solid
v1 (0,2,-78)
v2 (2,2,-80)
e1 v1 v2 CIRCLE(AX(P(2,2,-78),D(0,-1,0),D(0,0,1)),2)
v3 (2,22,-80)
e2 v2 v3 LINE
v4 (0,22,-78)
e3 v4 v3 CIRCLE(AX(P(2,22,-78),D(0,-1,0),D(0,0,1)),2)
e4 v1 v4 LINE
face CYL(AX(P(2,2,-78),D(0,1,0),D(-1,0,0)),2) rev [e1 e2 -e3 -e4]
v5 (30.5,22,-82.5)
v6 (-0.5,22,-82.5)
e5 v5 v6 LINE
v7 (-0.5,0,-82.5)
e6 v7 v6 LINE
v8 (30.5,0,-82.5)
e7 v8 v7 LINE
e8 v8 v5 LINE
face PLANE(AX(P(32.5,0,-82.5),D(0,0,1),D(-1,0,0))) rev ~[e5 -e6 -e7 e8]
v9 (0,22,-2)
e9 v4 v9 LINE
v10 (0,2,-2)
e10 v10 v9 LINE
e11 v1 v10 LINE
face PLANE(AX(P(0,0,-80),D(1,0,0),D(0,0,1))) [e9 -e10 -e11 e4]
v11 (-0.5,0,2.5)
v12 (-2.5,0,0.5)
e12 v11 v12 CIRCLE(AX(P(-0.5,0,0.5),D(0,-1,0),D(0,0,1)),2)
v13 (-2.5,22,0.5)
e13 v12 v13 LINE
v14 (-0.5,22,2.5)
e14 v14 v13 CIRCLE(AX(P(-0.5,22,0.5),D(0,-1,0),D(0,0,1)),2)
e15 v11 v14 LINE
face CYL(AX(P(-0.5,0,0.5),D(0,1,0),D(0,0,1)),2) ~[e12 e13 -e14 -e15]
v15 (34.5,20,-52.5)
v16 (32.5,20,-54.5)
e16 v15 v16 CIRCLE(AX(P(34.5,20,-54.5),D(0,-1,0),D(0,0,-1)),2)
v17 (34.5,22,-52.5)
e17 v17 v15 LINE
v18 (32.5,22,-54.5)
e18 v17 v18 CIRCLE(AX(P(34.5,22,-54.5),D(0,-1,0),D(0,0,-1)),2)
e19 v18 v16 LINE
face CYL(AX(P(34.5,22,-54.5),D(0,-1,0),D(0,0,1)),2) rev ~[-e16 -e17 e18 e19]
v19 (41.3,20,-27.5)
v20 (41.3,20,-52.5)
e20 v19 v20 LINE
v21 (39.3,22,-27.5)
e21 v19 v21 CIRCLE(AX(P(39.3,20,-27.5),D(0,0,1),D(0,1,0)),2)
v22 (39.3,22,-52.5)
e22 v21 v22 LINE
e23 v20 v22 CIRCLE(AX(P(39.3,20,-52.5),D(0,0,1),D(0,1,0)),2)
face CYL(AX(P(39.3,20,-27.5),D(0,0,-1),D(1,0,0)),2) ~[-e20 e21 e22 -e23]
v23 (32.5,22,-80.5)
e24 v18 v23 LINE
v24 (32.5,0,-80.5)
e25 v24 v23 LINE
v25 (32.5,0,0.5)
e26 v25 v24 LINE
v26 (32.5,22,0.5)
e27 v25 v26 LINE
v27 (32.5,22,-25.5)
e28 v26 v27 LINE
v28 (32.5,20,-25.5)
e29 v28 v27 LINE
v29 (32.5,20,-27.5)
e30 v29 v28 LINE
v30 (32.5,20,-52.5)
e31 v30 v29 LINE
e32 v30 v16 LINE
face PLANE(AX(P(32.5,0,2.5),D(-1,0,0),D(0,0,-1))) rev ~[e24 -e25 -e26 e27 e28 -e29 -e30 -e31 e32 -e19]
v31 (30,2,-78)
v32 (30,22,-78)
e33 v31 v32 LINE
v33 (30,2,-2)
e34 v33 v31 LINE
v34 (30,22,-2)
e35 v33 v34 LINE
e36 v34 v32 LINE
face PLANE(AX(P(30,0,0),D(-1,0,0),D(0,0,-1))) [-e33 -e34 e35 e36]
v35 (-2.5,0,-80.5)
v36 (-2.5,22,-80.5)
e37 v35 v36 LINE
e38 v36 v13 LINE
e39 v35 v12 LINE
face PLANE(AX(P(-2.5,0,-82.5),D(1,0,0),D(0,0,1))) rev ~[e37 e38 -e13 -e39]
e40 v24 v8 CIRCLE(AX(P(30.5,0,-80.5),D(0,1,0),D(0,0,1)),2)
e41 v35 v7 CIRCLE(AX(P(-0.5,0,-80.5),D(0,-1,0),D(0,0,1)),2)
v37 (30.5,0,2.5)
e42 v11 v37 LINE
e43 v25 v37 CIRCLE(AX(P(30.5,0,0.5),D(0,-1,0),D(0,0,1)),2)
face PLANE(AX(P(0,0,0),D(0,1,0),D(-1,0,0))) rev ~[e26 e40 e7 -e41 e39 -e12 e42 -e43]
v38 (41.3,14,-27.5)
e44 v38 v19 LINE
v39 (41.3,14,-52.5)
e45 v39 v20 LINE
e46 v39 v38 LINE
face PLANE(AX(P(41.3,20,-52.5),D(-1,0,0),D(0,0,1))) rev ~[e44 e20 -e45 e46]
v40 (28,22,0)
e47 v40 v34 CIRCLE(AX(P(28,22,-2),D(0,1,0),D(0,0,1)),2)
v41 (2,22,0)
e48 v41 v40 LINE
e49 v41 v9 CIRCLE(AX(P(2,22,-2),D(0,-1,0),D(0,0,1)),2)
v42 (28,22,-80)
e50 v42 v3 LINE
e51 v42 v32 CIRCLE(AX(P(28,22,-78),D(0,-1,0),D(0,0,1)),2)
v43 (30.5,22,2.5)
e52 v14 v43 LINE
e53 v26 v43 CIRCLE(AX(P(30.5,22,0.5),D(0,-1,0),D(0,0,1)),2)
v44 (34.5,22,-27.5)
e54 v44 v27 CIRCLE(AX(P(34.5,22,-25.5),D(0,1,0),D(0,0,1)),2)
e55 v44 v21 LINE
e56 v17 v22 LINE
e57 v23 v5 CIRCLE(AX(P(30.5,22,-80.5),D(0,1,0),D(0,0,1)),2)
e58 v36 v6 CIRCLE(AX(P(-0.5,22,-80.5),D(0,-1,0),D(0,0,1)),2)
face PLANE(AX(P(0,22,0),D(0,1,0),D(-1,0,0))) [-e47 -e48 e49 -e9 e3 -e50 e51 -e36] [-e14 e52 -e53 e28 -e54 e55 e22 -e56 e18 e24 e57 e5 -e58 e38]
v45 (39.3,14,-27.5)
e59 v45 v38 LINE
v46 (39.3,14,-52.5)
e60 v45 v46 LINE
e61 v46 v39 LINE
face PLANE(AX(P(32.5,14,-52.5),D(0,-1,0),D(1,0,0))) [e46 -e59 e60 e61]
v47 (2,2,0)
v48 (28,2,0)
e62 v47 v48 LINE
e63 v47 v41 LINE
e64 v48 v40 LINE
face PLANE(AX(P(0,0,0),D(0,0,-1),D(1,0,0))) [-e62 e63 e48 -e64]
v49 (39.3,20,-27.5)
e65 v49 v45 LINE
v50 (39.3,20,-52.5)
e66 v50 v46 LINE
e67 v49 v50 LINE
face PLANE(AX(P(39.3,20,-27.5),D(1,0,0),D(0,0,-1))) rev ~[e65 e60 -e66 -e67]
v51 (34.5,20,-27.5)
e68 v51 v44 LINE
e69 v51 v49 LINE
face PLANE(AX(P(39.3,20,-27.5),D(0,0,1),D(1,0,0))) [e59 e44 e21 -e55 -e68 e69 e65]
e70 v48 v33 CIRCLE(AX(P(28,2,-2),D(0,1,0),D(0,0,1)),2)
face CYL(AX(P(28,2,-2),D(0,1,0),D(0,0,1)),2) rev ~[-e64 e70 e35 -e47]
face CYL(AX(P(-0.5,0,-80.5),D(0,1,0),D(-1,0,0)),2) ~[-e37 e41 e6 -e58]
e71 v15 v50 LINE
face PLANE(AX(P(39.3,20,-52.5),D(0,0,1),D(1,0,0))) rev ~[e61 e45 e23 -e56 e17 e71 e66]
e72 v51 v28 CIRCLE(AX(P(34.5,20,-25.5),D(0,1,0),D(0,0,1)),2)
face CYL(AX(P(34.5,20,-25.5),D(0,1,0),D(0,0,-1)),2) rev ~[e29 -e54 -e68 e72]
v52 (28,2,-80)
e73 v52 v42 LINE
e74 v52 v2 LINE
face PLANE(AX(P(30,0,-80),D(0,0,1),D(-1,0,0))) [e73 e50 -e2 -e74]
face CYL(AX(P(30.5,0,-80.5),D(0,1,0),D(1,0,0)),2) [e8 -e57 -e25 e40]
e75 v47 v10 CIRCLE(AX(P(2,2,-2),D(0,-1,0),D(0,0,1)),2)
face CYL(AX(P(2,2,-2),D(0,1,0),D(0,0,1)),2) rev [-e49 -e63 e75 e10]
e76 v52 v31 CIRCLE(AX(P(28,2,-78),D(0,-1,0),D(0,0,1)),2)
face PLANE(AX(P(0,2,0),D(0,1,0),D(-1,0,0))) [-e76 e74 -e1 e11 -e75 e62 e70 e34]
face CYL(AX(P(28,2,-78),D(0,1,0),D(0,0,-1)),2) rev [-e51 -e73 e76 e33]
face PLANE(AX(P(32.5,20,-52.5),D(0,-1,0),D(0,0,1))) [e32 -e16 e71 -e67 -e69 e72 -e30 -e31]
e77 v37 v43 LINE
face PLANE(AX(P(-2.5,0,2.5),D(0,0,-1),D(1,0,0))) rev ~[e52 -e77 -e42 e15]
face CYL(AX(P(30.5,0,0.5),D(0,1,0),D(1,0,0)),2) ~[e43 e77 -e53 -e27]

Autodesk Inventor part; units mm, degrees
ref_plane "YZ Plane" through (0, 0, 0) normal (1, 0, 0) x (0, 1, 0)
ref_plane "XZ Plane" through (0, 0, 0) normal (0, 1, 0) x (-1, 0, 0)
ref_plane "XY Plane" through (0, 0, 0) normal (0, 0, 1) x (1, 0, 0)
sketch "Náčrt1" plane through (0, 0, 0) normal (0, 1, 0) x (-1, 0, 0)
  line L0 (0, 0) -> (-30, 0)
  line L1 (-30, 0) -> (-30, -80)
  line L2 (-30, -80) -> (0, -80)
  line L3 (0, -80) -> (0, 0)
  line L4 (2.5, 2.5) -> (-32.5, 2.5)
  line L5 (-32.5, 2.5) -> (-32.5, -82.5)
  line L6 (-32.5, -82.5) -> (2.5, -82.5)
  line L7 (2.5, -82.5) -> (2.5, 2.5)
  dimension "d0" = 80
  dimension "d1" = 30
  dimension "d2" = 2.5
extrude "Vysunutí1" add sketch "Náčrt1" along normal blind 2 contours L3 L2 L1 L0
extrude "Vysunutí2" add sketch "Náčrt1" along normal blind 22
sketch "Náčrt2" plane through (32.5, 0, 2.5) normal (1, 0, 0) x (0, 0, -1)
  line L0 (0, 22) -> (85, 22) projected
  line L1 (30, 22) -> (55, 22)
  line L2 (55, 22) -> (55, 20)
  line L3 (55, 20) -> (30, 20)
  line L4 (30, 20) -> (30, 22)
  line L5 (85, 0) -> (85, 22) projected
  line L6 (0, 0) -> (0, 22) projected
  point P0 (2.5, 0)
  dimension "d7" = 30
  dimension "d8" = 30
  dimension "d9" = 2
extrude "Vysunutí3" add sketch "Náčrt2" along normal blind 8.8
sketch "Náčrt3" plane through (32.5, 20, -52.5) normal (0, -1, 0) x (1, 0, 0)
  line L0 (0, 25) -> (8.8, 25) projected
  line L1 (0, 0) -> (8.8, 0) projected
  line L2 (8.8, 25) -> (6.8, 25)
  line L3 (6.8, 25) -> (6.8, 0)
  line L4 (6.8, 0) -> (8.8, 0)
  line L5 (8.8, 0) -> (8.8, 25)
  point P0 (-32.5, 52.5)
  point P1 (8.8, 0)
  point P2 (6.8, 25)
  dimension "d12" = 2
extrude "Vysunutí4" add sketch "Náčrt3" along normal blind 6
fillet "Zaoblení1" radius 2 3 edges at (41.3, 22, -40) (32.5, 21, -52.5) (32.5, 21, -27.5)
fillet "Zaoblení2" radius 2 4 edges at (-2.5, 11, 2.5) (32.5, 11, 2.5) (32.5, 11, -82.5) (-2.5, 11, -82.5)
fillet "Zaoblení3" radius 2 4 edges at (30, 12, -80) (30, 12, 0) (0, 12, -80) (0, 12, 0)
equation "\"d8\" = d7"
properties part number "AccesoryHolder"
